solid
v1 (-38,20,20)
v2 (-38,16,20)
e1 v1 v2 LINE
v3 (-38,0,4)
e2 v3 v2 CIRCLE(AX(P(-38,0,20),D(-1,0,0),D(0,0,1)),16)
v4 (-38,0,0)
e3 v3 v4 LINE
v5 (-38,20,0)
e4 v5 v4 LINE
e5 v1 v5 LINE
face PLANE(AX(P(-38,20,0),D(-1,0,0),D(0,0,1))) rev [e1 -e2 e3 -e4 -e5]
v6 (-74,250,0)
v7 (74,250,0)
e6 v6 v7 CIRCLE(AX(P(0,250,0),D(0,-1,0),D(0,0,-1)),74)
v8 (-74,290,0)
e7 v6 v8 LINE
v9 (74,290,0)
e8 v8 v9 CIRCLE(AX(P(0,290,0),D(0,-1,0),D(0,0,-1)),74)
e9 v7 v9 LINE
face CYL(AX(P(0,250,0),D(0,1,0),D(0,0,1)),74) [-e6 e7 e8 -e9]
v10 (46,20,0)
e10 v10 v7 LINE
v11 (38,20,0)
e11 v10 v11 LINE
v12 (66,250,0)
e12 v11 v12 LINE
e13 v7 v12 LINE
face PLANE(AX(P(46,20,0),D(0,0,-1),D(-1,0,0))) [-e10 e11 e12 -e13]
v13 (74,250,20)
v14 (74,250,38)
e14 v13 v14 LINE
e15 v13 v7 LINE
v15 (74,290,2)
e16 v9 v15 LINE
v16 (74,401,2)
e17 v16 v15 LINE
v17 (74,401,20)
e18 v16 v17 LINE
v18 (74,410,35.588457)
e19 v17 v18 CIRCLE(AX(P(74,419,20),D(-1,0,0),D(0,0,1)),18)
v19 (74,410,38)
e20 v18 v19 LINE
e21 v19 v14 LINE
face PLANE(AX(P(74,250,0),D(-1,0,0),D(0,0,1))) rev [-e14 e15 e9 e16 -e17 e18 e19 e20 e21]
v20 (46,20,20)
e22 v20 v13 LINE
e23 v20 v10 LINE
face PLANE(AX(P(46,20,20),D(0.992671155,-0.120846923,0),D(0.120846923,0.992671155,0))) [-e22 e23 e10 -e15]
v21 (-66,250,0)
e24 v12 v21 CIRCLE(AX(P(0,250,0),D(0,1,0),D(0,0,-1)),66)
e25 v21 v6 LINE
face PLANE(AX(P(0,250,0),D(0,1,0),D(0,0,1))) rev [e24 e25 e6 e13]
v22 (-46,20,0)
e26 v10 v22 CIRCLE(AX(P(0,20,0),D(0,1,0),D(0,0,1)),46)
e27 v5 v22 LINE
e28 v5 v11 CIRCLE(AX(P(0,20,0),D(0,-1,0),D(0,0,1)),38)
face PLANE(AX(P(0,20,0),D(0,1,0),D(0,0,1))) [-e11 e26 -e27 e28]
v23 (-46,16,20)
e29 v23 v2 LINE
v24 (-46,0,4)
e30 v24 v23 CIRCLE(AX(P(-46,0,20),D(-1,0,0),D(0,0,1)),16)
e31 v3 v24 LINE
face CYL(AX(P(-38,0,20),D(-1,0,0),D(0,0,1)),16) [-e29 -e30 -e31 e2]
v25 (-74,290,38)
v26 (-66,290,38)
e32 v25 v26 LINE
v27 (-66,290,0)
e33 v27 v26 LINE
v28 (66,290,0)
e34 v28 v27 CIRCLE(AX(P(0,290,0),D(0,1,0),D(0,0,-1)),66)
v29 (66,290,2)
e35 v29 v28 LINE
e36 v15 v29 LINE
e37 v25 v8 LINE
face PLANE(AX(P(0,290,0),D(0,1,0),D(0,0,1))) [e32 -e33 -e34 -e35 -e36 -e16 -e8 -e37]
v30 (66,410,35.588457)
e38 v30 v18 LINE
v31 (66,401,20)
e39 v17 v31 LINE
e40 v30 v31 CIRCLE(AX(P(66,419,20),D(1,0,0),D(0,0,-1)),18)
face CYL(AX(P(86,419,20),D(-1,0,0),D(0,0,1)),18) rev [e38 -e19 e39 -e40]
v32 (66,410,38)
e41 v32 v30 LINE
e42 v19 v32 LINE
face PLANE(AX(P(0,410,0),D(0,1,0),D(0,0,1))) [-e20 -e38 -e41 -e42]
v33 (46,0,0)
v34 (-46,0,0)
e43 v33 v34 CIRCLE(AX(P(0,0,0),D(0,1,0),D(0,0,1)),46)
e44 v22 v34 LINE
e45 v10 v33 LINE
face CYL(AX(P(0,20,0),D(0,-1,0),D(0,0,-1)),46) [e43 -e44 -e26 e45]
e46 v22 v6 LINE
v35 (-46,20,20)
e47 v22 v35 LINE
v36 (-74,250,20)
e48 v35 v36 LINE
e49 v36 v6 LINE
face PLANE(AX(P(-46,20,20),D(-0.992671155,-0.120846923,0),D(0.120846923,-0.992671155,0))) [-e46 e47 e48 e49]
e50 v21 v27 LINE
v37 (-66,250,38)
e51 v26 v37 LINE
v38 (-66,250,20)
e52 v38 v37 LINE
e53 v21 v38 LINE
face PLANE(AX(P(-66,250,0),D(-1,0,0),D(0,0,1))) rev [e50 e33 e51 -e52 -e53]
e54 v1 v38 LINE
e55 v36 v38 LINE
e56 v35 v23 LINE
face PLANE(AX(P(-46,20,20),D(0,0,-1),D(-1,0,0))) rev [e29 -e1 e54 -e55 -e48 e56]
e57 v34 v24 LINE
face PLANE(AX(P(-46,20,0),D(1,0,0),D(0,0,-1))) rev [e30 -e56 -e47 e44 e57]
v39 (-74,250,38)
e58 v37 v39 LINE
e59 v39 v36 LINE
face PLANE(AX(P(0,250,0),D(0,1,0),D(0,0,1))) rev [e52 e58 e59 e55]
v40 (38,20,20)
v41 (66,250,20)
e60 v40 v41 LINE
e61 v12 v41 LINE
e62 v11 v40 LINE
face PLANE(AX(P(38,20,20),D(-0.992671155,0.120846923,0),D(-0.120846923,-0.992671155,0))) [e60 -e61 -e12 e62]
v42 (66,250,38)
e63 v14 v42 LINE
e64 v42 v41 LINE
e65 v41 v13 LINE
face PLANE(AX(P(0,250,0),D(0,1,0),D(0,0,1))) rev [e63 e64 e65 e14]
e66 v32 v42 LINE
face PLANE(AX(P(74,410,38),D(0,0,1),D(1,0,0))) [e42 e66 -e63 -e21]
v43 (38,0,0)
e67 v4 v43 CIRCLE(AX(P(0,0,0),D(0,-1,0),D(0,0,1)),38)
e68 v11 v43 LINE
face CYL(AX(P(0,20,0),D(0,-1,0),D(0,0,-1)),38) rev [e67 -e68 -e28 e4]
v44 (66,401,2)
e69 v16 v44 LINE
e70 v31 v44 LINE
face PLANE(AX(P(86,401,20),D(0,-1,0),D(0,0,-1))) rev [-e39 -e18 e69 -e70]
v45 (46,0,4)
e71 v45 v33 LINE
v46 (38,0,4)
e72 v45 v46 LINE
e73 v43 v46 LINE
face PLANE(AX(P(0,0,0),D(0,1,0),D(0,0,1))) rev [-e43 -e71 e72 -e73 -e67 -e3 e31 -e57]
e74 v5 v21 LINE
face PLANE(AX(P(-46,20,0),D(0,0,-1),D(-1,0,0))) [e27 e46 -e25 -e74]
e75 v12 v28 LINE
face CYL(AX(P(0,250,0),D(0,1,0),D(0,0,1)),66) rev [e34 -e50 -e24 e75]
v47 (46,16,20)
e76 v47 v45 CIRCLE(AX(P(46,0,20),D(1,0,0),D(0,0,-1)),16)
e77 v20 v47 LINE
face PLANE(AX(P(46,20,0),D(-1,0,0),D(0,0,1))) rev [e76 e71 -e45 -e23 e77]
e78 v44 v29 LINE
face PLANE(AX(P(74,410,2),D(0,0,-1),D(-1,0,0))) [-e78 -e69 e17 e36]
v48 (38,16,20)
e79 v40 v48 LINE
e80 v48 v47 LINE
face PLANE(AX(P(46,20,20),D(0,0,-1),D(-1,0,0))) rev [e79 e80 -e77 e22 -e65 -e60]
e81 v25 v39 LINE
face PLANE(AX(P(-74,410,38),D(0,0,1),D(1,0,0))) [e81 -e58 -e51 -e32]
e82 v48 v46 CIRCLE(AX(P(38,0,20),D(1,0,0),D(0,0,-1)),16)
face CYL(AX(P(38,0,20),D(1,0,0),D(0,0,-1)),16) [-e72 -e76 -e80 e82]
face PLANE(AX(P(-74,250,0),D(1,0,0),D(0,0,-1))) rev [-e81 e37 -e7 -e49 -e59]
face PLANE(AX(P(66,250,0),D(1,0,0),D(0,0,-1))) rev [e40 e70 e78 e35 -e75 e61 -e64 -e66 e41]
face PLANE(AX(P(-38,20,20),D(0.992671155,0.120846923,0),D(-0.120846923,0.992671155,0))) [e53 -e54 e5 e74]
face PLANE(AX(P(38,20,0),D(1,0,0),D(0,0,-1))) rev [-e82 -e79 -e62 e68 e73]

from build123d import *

# Parameters (mm, degrees)
EXTRUDE_1_DEPTH     = 20
SKETCH_3_R          = 16
EXTRUDE_2_DEPTH     = 8
EXTRUDE_START       = -8
SKETCH_4_R          = 16
EXTRUDE_3_DEPTH     = 8
EXTRUDE_4_DEPTH     = 20
SKETCH_5_W          = 8
SKETCH_5_H          = 20
SKETCH_7_W          = 8
SKETCH_7_H          = 20
SKETCH_10_W         = 8
SKETCH_10_H         = 36
EXTRUDE_5_DEPTH     = 160
CUT_EXTRUDE_3_DEPTH = 160
SKETCH_13_W         = 62.199259601
SKETCH_13_H         = 136.537597085
CUT_EXTRUDE_4_DEPTH = 10


with BuildPart() as part:
    # 草图2 → 凸台-拉伸1 (new body)
    with BuildSketch(Plane(origin=(0, 0, 0), x_dir=(1, 0, 0), z_dir=(0, 1, 0))):
        with BuildLine():
            Line((-46, 0), (-46, -20))
            Line((-46, -20), (-38, -20))
            Line((-38, -20), (-38, 0))
            ThreePointArc((-38, 0), (0, 38), (38, 0))
            Line((38, 0), (38, -20))
            Line((38, -20), (46, -20))
            Line((46, -20), (46, 0))
            ThreePointArc((46, 0), (0, 46), (-46, 0))
        make_face()
    extrude(amount=EXTRUDE_1_DEPTH)

    # 草图3 → 凸台-拉伸2 (add)
    with BuildSketch(Plane.ZY.offset(46)):
        with Locations((20, 0)):
            Circle(SKETCH_3_R)
    extrude(amount=-EXTRUDE_2_DEPTH)

    # 草图4 → 凸台-拉伸3 (add)
    with BuildSketch(Plane(origin=(46, 0, 0), x_dir=(0, 0, -1), z_dir=(1, 0, 0)).offset(EXTRUDE_START)):
        with Locations((-20, 0)):
            Circle(SKETCH_4_R)
    extrude(amount=EXTRUDE_3_DEPTH)



with BuildPart() as body_2:
    # Sketch 3D_1 → 凸台-拉伸4 (new, symmetric)
    with BuildSketch(Plane(origin=(-74, 270, 0), x_dir=(0.9909924304103234, 0, 0.13391789600139506), z_dir=(0, -1, 0))):
        with BuildLine():
            Line((0, 0), (2.67835792, 19.819848608))
            Line((2.67835792, 19.819848608), (10.606297363, 18.74850544))
            Line((10.606297363, 18.74850544), (7.927939443, -1.071343168))
            ThreePointArc((7.927939443, -1.071343168), (64.494858714, -75.315424711), (138.738940257, -18.74850544))
            Line((138.738940257, -18.74850544), (141.417298177, 1.071343168))
            Line((141.417298177, 1.071343168), (149.345237621, 0))
            Line((149.345237621, 0), (146.666879701, -19.819848608))
            ThreePointArc((146.666879701, -19.819848608), (63.423515546, -83.243364154), (0, 0))
        make_face()
    extrude(amount=EXTRUDE_4_DEPTH, both=True)


with BuildPart() as part_1:
    add(part.part)

    add(body_2.part)  # 扫描1 merges body 2
    # 扫描1: sweep along a path in 草图6
    with BuildLine(Plane.XY.offset(20)) as sweep_1_path:
        Line((46, 20), (74, 250))
    # 草图5 → 扫描1 (sweep)
    with BuildSketch(Plane(origin=(0, 20, 0), x_dir=(1, 0, 0), z_dir=(0, 1, 0))):
        with Locations((42, -10)):
            Rectangle(SKETCH_5_W, SKETCH_5_H)
    sweep(path=sweep_1_path.line)

    # 扫描2: sweep along a path in 草图8
    with BuildLine(Plane.XY.offset(20)) as sweep_2_path:
        Line((-46, 20), (-74, 250))
    # 草图7 → 扫描2 (sweep)
    with BuildSketch(Plane(origin=(0, 20, 0), x_dir=(1, 0, 0), z_dir=(0, 1, 0))):
        with Locations((-42, -10)):
            Rectangle(SKETCH_7_W, SKETCH_7_H)
    sweep(path=sweep_2_path.line)

    # 草图10 → 凸台-拉伸5 (add)
    with BuildSketch(Plane.XZ.offset(-250)):
        with Locations((-70, 20)):
            Rectangle(SKETCH_10_W, SKETCH_10_H)
        with Locations((70, 20)):
            Rectangle(SKETCH_10_W, SKETCH_10_H)
    extrude(amount=-EXTRUDE_5_DEPTH)

    # 草图12 → 切除-拉伸3 (cut)
    with BuildSketch(Plane.ZY.offset(74)):
        with BuildLine():
            Line((20, 401), (2, 401))
            Line((2, 401), (2, 419))
            ThreePointArc((2, 419), (32.727922061, 431.727922061), (20, 401))
        make_face()
    extrude(amount=-CUT_EXTRUDE_3_DEPTH, mode=Mode.SUBTRACT)

    # 草图13 → 切除-拉伸4 (cut)
    with BuildSketch(Plane.ZY.offset(74)):
        with Locations((25.303398621, 358.268798543)):
            Rectangle(SKETCH_13_W, SKETCH_13_H)
    extrude(amount=-CUT_EXTRUDE_4_DEPTH, mode=Mode.SUBTRACT)


solid = part_1.part
